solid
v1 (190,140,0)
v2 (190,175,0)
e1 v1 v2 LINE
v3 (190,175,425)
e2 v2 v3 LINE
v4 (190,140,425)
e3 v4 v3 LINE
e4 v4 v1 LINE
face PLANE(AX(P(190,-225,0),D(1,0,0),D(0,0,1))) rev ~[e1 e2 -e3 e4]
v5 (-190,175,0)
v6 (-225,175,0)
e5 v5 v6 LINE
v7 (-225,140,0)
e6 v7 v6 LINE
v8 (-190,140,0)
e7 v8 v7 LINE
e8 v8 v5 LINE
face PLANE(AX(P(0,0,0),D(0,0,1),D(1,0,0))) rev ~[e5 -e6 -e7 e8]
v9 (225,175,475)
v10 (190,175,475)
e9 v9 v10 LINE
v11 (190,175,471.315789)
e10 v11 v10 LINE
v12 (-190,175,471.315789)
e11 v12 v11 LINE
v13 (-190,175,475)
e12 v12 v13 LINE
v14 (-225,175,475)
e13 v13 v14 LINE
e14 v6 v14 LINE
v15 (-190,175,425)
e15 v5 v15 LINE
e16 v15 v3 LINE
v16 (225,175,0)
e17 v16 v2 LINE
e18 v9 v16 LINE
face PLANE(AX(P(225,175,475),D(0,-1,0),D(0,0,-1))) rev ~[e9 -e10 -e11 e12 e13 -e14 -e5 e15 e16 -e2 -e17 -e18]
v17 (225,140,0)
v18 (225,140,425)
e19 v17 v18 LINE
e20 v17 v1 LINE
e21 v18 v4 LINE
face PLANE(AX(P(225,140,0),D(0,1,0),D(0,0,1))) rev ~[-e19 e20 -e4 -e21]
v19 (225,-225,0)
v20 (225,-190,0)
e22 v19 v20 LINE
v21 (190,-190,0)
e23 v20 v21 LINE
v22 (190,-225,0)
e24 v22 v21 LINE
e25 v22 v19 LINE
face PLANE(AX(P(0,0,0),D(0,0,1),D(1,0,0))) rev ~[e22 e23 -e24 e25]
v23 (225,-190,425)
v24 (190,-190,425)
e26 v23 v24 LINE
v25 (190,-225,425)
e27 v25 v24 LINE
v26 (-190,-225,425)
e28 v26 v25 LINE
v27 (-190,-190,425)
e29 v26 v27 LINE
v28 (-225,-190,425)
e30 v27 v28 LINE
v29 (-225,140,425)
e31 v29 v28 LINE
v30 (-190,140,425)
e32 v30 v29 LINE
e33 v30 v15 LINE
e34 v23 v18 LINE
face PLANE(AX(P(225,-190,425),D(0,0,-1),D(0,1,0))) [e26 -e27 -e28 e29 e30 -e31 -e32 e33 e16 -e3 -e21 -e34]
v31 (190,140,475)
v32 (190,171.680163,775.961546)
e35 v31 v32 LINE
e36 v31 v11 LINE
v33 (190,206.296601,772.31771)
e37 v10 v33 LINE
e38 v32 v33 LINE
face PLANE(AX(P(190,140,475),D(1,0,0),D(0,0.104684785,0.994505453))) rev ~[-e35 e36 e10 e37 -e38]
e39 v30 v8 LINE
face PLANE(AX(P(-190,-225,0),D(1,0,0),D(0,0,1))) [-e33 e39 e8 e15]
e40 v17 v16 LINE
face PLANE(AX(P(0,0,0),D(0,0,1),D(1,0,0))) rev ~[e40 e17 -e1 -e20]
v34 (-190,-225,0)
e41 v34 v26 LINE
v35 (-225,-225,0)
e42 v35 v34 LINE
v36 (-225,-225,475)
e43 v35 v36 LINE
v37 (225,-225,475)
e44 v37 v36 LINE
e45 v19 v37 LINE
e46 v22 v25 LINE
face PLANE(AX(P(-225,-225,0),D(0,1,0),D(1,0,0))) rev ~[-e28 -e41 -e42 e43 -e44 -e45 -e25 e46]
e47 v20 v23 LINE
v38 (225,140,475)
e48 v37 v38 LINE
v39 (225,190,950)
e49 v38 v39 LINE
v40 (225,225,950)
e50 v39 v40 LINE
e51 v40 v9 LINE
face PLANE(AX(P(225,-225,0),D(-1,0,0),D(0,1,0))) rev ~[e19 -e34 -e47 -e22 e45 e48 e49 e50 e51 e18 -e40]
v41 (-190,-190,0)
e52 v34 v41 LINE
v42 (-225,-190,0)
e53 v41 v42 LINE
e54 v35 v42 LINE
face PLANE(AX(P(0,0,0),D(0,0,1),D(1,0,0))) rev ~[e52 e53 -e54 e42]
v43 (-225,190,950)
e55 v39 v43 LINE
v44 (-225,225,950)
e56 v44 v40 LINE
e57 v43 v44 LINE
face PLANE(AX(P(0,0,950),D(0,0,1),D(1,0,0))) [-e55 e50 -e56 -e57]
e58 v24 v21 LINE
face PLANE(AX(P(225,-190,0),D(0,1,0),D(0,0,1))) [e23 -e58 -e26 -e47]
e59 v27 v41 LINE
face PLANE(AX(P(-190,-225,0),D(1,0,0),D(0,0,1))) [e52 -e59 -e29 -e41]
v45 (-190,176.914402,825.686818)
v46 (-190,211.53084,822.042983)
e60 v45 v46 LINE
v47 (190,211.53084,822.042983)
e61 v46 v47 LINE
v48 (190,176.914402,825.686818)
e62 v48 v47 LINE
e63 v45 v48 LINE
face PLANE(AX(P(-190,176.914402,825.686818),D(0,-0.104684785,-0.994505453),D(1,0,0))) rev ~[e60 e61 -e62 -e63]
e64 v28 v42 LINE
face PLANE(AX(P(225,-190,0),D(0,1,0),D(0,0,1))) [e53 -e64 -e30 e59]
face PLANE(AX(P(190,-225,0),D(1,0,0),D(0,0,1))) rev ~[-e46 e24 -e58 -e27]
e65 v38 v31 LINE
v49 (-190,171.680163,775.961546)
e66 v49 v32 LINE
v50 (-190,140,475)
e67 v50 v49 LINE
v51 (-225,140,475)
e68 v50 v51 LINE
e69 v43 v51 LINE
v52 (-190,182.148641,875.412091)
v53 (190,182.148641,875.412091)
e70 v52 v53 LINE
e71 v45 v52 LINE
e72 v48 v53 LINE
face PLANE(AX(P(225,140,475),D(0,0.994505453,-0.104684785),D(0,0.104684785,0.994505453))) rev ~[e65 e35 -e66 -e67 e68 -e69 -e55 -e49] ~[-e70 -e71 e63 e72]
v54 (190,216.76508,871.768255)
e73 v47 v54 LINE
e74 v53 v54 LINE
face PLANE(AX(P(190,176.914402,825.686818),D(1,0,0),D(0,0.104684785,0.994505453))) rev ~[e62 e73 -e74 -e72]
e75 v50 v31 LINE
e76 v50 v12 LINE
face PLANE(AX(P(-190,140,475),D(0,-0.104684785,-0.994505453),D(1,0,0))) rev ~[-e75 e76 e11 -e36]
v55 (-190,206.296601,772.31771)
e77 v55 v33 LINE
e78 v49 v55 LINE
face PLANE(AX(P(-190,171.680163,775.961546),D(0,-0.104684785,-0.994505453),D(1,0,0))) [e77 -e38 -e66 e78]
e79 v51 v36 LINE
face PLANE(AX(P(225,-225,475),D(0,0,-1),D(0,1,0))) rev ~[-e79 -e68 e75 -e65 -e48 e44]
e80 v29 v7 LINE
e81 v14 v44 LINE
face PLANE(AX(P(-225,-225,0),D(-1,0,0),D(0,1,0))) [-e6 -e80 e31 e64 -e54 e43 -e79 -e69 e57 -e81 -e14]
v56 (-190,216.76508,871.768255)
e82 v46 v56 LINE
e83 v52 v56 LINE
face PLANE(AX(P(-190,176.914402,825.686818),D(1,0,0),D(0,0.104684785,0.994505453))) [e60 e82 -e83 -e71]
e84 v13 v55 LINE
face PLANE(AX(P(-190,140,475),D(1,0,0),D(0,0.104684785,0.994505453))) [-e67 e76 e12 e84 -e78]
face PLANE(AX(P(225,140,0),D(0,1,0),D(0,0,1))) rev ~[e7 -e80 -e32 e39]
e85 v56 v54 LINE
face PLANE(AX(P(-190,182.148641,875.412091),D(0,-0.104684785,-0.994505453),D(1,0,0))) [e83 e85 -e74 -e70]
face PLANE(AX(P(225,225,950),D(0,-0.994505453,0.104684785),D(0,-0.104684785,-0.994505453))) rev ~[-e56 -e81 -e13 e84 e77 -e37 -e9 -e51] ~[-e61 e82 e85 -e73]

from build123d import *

# Parameters (mm, degrees)
F0_W     = 450
F0_H     = 450
F1_DEPTH = 950
F2_W     = 330
F2_H     = 425
F2_W_2   = 50
F2_H_2   = 50
F3_DEPTH = 450.001
F4_W     = 380
F4_H     = 425
F5_DEPTH = 450.001
F6_W     = 380
F6_H     = 302.6243293636
F6_H_2   = 50
F7_DEPTH = 134.2592361444


with BuildPart() as f1:
    # F0 (on Top) → F1 (new body)
    with BuildSketch(Plane.XY):
        Rectangle(F0_W, F0_H)
    extrude(amount=F1_DEPTH)

    # F2 (on face) → F3 (cut, through all)
    with BuildSketch(Plane.YZ.offset(225)):
        Polygon((-225, 475), (140, 475), (190, 950), (-225, 950), align=None)
        with Locations((-25, 212.5)):
            Rectangle(F2_W, F2_H)
        with Locations((200, 212.5)):
            Rectangle(F2_W_2, F2_H)
        with Locations((200, 450)):
            Rectangle(F2_W_2, F2_H_2)
        Polygon((175, 475), (225, 475), (225, 950), align=None)
    extrude(amount=-F3_DEPTH, mode=Mode.SUBTRACT)

    # F4 (on face) → F5 (cut, through all)
    with BuildSketch(Plane.XZ.offset(225)):
        with Locations((0, 212.5)):
            Rectangle(F4_W, F4_H)
    extrude(amount=-F5_DEPTH, mode=Mode.SUBTRACT)

    # F6 (on face) → F7 (cut, through all)
    with BuildSketch(Plane(origin=(0, 89.0136986301, -9.3698630137), x_dir=(1, 0, 0), z_dir=(0, -0.9945054529, 0.1046847845))):
        with Locations((0, 638.358124652)):
            Rectangle(F6_W, F6_H)
        with Locations((0, 864.6702893338)):
            Rectangle(F6_W, F6_H_2)
    extrude(amount=-F7_DEPTH, mode=Mode.SUBTRACT)


solid = f1.part
